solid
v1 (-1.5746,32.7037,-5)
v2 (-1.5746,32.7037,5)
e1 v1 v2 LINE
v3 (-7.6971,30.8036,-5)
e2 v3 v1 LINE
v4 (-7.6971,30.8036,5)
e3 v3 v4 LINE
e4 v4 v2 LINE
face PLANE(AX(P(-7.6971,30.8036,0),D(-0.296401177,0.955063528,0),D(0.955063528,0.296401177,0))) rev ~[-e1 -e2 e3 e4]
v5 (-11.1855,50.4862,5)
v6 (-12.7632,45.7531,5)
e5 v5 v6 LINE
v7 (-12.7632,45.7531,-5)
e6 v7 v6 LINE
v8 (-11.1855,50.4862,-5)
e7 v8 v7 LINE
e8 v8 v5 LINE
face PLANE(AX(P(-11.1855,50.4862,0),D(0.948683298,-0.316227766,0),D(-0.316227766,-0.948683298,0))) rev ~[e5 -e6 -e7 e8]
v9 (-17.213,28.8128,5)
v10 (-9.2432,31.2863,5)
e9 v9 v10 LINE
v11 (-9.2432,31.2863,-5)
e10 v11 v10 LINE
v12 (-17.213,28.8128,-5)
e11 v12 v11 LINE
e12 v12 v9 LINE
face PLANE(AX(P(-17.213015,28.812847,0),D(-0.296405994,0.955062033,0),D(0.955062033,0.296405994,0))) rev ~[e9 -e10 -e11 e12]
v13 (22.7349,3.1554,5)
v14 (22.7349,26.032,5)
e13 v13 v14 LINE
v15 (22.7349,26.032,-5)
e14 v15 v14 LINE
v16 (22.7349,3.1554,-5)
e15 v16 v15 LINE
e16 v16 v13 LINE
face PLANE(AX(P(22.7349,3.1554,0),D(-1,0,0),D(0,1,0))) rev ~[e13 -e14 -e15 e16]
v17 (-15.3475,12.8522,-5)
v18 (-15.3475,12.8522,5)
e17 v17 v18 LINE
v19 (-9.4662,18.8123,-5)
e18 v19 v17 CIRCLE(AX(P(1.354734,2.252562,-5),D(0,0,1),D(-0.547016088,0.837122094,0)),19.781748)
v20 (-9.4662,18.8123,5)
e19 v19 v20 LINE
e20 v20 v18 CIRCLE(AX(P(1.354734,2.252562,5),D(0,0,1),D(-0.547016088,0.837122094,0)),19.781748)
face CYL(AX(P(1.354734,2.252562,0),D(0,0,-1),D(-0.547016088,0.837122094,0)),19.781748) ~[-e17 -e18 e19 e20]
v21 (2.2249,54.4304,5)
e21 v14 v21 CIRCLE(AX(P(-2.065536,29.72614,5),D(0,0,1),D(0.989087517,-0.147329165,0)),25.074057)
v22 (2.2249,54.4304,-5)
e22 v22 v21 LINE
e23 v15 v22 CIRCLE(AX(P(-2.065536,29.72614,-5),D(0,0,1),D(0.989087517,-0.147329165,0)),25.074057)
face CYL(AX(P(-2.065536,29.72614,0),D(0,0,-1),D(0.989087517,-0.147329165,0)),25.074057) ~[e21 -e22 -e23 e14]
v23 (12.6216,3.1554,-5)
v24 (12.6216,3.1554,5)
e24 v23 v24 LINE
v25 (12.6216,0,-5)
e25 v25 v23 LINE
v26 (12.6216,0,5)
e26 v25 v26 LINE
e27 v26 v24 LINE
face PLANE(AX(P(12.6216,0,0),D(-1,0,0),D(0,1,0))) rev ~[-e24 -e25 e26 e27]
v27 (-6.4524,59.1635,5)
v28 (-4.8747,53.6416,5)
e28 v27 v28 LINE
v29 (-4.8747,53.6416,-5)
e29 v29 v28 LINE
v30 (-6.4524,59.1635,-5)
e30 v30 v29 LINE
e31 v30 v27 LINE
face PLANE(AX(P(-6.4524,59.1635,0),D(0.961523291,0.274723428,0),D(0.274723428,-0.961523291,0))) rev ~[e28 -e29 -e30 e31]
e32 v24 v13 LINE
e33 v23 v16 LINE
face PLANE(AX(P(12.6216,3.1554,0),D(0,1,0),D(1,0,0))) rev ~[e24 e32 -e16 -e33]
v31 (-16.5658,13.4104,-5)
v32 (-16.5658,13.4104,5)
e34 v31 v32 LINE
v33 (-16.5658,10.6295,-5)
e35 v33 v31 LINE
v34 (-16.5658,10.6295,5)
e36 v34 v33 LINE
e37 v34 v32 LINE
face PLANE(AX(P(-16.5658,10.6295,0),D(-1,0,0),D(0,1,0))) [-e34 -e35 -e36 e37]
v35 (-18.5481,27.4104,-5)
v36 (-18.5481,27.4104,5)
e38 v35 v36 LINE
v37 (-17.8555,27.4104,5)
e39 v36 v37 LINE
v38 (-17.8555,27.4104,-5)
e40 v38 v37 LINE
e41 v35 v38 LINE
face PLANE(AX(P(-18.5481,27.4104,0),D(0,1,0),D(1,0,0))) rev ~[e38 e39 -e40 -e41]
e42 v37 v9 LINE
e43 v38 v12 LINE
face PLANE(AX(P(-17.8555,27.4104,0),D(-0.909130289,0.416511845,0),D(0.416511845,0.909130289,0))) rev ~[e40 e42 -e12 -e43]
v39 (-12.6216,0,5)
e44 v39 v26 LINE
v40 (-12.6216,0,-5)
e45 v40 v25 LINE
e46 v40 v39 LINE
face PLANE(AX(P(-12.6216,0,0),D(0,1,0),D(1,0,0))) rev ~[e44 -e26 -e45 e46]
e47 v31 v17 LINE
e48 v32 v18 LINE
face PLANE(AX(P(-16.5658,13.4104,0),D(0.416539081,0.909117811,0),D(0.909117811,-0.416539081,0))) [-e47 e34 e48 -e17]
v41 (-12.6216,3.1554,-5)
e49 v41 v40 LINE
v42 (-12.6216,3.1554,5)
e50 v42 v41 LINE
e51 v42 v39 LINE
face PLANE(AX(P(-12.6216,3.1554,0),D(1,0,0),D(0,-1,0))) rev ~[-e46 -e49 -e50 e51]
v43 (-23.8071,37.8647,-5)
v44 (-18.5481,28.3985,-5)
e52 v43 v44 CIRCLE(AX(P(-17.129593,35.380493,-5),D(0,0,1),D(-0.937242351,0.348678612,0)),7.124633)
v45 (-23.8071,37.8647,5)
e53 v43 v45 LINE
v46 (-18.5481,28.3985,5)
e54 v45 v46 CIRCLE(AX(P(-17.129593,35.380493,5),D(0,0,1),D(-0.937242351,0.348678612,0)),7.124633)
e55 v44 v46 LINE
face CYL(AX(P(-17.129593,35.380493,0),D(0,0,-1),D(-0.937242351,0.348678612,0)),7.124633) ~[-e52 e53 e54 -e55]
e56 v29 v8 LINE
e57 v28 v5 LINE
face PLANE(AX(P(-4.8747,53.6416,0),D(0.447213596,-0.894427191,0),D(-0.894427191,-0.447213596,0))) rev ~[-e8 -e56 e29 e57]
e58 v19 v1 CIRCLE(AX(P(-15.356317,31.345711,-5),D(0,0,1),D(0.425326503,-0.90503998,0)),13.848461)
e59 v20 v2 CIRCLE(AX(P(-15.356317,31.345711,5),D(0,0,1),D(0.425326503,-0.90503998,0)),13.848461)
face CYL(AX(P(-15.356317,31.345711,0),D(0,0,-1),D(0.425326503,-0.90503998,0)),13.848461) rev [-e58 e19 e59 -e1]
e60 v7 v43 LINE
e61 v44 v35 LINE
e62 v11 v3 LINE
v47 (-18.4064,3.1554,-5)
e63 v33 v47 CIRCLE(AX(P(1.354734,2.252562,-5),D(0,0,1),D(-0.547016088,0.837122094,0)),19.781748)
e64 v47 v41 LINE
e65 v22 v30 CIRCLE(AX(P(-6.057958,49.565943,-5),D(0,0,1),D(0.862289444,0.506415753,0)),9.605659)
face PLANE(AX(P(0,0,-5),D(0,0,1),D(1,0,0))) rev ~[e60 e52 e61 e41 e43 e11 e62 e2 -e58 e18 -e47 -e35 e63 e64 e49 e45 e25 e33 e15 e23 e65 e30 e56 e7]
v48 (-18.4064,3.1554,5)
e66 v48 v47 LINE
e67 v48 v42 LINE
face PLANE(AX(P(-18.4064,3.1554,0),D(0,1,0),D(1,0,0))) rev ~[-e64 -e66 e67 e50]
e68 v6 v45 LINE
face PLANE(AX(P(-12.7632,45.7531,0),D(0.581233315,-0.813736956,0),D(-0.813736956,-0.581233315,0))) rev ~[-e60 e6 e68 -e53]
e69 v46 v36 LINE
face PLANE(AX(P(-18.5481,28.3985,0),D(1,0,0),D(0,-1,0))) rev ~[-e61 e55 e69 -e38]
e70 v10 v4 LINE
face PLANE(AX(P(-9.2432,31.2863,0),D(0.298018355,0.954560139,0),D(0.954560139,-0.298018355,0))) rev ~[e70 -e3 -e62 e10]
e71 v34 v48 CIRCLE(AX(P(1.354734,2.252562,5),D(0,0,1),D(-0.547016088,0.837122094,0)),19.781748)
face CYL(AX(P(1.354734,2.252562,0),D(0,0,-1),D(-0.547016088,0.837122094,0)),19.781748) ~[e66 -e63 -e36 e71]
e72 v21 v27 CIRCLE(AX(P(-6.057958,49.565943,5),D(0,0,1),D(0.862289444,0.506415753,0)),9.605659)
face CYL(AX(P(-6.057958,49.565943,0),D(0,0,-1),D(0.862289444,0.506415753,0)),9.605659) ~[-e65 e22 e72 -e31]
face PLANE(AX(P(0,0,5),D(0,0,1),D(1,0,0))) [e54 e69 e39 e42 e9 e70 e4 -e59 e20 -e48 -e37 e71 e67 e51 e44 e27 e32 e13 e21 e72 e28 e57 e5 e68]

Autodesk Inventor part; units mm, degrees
ref_plane "YZ Plane" through (0, 0, 0) normal (1, 0, 0) x (0, 1, 0)
ref_plane "XZ Plane" through (0, 0, 0) normal (0, 1, 0) x (-1, 0, 0)
ref_plane "XY Plane" through (0, 0, 0) normal (0, 0, 1) x (1, 0, 0)
sketch "Boceto1" plane through (0, 0, 0) normal (0, 0, 1) x (1, 0, 0)
  line L0 (-55.5895, 69.239) -> (57.1029, 69.239) construction
  line L1 (57.1029, 69.239) -> (57.1029, -41.5752) construction
  line L2 (57.1029, -41.5752) -> (-55.5895, -41.5752) construction
  line L3 (-55.5895, -41.5752) -> (-55.5895, 69.239) construction
  line L4 (-12.6216, 0) -> (12.6216, 0)
  line L5 (12.6216, 0) -> (12.6216, 3.1554)
  line L6 (12.6216, 3.1554) -> (22.7349, 3.1554)
  line L7 (22.7349, 3.1554) -> (22.7349, 26.032)
  arc A0 (22.7349, 26.032) -> (2.2249, 54.4304) centre (-2.0657, 29.7261) ccw
  arc A1 (2.2249, 54.4304) -> (-6.4524, 59.1635) centre (-6.058, 49.5659) ccw
  line L8 (-6.4524, 59.1635) -> (-4.8747, 53.6416)
  line L9 (-4.8747, 53.6416) -> (-11.1855, 50.4862)
  line L10 (-11.1855, 50.4862) -> (-12.7632, 45.7531)
  line L11 (-12.7632, 45.7531) -> (-23.8071, 37.8647)
  arc A2 (-23.8071, 37.8647) -> (-18.5481, 28.3985) centre (-17.1295, 35.3805) ccw
  line L12 (-18.5481, 28.3985) -> (-9.2432, 31.2863)
  line L13 (-9.2432, 31.2863) -> (-7.6971, 30.8036)
  line L14 (-7.6971, 30.8036) -> (-1.5746, 32.7037)
  arc A3 (-9.4662, 18.8123) -> (-1.5746, 32.7037) centre (-15.3564, 31.3458) ccw
  arc A4 (-9.4662, 18.8123) -> (-18.4064, 3.1554) centre (1.3548, 2.2525) ccw
  line L15 (-18.4064, 3.1554) -> (-12.6216, 3.1554)
  line L16 (-12.6216, 3.1554) -> (-12.6216, 0)
  line L17 (-18.5481, 28.3985) -> (-18.5481, 27.4104)
  line L18 (-18.5481, 27.4104) -> (-17.8555, 27.4104)
  line L19 (-17.8555, 27.4104) -> (-17.213, 28.8128)
  line L20 (-16.5658, 10.6295) -> (-16.5658, 13.4104)
  line L21 (-16.5658, 13.4104) -> (-15.3475, 12.8522)
  point P0 (0, 0)
  point P1 (-18.2018, 27.4104)
  dimension "d8" = 14
  dimension "d12" = 0.3463
extrude "Extrusión1" add sketch "Boceto1" along normal mid plane 10
properties part number "KIGTH TOP abrebotella medium 1.2"
